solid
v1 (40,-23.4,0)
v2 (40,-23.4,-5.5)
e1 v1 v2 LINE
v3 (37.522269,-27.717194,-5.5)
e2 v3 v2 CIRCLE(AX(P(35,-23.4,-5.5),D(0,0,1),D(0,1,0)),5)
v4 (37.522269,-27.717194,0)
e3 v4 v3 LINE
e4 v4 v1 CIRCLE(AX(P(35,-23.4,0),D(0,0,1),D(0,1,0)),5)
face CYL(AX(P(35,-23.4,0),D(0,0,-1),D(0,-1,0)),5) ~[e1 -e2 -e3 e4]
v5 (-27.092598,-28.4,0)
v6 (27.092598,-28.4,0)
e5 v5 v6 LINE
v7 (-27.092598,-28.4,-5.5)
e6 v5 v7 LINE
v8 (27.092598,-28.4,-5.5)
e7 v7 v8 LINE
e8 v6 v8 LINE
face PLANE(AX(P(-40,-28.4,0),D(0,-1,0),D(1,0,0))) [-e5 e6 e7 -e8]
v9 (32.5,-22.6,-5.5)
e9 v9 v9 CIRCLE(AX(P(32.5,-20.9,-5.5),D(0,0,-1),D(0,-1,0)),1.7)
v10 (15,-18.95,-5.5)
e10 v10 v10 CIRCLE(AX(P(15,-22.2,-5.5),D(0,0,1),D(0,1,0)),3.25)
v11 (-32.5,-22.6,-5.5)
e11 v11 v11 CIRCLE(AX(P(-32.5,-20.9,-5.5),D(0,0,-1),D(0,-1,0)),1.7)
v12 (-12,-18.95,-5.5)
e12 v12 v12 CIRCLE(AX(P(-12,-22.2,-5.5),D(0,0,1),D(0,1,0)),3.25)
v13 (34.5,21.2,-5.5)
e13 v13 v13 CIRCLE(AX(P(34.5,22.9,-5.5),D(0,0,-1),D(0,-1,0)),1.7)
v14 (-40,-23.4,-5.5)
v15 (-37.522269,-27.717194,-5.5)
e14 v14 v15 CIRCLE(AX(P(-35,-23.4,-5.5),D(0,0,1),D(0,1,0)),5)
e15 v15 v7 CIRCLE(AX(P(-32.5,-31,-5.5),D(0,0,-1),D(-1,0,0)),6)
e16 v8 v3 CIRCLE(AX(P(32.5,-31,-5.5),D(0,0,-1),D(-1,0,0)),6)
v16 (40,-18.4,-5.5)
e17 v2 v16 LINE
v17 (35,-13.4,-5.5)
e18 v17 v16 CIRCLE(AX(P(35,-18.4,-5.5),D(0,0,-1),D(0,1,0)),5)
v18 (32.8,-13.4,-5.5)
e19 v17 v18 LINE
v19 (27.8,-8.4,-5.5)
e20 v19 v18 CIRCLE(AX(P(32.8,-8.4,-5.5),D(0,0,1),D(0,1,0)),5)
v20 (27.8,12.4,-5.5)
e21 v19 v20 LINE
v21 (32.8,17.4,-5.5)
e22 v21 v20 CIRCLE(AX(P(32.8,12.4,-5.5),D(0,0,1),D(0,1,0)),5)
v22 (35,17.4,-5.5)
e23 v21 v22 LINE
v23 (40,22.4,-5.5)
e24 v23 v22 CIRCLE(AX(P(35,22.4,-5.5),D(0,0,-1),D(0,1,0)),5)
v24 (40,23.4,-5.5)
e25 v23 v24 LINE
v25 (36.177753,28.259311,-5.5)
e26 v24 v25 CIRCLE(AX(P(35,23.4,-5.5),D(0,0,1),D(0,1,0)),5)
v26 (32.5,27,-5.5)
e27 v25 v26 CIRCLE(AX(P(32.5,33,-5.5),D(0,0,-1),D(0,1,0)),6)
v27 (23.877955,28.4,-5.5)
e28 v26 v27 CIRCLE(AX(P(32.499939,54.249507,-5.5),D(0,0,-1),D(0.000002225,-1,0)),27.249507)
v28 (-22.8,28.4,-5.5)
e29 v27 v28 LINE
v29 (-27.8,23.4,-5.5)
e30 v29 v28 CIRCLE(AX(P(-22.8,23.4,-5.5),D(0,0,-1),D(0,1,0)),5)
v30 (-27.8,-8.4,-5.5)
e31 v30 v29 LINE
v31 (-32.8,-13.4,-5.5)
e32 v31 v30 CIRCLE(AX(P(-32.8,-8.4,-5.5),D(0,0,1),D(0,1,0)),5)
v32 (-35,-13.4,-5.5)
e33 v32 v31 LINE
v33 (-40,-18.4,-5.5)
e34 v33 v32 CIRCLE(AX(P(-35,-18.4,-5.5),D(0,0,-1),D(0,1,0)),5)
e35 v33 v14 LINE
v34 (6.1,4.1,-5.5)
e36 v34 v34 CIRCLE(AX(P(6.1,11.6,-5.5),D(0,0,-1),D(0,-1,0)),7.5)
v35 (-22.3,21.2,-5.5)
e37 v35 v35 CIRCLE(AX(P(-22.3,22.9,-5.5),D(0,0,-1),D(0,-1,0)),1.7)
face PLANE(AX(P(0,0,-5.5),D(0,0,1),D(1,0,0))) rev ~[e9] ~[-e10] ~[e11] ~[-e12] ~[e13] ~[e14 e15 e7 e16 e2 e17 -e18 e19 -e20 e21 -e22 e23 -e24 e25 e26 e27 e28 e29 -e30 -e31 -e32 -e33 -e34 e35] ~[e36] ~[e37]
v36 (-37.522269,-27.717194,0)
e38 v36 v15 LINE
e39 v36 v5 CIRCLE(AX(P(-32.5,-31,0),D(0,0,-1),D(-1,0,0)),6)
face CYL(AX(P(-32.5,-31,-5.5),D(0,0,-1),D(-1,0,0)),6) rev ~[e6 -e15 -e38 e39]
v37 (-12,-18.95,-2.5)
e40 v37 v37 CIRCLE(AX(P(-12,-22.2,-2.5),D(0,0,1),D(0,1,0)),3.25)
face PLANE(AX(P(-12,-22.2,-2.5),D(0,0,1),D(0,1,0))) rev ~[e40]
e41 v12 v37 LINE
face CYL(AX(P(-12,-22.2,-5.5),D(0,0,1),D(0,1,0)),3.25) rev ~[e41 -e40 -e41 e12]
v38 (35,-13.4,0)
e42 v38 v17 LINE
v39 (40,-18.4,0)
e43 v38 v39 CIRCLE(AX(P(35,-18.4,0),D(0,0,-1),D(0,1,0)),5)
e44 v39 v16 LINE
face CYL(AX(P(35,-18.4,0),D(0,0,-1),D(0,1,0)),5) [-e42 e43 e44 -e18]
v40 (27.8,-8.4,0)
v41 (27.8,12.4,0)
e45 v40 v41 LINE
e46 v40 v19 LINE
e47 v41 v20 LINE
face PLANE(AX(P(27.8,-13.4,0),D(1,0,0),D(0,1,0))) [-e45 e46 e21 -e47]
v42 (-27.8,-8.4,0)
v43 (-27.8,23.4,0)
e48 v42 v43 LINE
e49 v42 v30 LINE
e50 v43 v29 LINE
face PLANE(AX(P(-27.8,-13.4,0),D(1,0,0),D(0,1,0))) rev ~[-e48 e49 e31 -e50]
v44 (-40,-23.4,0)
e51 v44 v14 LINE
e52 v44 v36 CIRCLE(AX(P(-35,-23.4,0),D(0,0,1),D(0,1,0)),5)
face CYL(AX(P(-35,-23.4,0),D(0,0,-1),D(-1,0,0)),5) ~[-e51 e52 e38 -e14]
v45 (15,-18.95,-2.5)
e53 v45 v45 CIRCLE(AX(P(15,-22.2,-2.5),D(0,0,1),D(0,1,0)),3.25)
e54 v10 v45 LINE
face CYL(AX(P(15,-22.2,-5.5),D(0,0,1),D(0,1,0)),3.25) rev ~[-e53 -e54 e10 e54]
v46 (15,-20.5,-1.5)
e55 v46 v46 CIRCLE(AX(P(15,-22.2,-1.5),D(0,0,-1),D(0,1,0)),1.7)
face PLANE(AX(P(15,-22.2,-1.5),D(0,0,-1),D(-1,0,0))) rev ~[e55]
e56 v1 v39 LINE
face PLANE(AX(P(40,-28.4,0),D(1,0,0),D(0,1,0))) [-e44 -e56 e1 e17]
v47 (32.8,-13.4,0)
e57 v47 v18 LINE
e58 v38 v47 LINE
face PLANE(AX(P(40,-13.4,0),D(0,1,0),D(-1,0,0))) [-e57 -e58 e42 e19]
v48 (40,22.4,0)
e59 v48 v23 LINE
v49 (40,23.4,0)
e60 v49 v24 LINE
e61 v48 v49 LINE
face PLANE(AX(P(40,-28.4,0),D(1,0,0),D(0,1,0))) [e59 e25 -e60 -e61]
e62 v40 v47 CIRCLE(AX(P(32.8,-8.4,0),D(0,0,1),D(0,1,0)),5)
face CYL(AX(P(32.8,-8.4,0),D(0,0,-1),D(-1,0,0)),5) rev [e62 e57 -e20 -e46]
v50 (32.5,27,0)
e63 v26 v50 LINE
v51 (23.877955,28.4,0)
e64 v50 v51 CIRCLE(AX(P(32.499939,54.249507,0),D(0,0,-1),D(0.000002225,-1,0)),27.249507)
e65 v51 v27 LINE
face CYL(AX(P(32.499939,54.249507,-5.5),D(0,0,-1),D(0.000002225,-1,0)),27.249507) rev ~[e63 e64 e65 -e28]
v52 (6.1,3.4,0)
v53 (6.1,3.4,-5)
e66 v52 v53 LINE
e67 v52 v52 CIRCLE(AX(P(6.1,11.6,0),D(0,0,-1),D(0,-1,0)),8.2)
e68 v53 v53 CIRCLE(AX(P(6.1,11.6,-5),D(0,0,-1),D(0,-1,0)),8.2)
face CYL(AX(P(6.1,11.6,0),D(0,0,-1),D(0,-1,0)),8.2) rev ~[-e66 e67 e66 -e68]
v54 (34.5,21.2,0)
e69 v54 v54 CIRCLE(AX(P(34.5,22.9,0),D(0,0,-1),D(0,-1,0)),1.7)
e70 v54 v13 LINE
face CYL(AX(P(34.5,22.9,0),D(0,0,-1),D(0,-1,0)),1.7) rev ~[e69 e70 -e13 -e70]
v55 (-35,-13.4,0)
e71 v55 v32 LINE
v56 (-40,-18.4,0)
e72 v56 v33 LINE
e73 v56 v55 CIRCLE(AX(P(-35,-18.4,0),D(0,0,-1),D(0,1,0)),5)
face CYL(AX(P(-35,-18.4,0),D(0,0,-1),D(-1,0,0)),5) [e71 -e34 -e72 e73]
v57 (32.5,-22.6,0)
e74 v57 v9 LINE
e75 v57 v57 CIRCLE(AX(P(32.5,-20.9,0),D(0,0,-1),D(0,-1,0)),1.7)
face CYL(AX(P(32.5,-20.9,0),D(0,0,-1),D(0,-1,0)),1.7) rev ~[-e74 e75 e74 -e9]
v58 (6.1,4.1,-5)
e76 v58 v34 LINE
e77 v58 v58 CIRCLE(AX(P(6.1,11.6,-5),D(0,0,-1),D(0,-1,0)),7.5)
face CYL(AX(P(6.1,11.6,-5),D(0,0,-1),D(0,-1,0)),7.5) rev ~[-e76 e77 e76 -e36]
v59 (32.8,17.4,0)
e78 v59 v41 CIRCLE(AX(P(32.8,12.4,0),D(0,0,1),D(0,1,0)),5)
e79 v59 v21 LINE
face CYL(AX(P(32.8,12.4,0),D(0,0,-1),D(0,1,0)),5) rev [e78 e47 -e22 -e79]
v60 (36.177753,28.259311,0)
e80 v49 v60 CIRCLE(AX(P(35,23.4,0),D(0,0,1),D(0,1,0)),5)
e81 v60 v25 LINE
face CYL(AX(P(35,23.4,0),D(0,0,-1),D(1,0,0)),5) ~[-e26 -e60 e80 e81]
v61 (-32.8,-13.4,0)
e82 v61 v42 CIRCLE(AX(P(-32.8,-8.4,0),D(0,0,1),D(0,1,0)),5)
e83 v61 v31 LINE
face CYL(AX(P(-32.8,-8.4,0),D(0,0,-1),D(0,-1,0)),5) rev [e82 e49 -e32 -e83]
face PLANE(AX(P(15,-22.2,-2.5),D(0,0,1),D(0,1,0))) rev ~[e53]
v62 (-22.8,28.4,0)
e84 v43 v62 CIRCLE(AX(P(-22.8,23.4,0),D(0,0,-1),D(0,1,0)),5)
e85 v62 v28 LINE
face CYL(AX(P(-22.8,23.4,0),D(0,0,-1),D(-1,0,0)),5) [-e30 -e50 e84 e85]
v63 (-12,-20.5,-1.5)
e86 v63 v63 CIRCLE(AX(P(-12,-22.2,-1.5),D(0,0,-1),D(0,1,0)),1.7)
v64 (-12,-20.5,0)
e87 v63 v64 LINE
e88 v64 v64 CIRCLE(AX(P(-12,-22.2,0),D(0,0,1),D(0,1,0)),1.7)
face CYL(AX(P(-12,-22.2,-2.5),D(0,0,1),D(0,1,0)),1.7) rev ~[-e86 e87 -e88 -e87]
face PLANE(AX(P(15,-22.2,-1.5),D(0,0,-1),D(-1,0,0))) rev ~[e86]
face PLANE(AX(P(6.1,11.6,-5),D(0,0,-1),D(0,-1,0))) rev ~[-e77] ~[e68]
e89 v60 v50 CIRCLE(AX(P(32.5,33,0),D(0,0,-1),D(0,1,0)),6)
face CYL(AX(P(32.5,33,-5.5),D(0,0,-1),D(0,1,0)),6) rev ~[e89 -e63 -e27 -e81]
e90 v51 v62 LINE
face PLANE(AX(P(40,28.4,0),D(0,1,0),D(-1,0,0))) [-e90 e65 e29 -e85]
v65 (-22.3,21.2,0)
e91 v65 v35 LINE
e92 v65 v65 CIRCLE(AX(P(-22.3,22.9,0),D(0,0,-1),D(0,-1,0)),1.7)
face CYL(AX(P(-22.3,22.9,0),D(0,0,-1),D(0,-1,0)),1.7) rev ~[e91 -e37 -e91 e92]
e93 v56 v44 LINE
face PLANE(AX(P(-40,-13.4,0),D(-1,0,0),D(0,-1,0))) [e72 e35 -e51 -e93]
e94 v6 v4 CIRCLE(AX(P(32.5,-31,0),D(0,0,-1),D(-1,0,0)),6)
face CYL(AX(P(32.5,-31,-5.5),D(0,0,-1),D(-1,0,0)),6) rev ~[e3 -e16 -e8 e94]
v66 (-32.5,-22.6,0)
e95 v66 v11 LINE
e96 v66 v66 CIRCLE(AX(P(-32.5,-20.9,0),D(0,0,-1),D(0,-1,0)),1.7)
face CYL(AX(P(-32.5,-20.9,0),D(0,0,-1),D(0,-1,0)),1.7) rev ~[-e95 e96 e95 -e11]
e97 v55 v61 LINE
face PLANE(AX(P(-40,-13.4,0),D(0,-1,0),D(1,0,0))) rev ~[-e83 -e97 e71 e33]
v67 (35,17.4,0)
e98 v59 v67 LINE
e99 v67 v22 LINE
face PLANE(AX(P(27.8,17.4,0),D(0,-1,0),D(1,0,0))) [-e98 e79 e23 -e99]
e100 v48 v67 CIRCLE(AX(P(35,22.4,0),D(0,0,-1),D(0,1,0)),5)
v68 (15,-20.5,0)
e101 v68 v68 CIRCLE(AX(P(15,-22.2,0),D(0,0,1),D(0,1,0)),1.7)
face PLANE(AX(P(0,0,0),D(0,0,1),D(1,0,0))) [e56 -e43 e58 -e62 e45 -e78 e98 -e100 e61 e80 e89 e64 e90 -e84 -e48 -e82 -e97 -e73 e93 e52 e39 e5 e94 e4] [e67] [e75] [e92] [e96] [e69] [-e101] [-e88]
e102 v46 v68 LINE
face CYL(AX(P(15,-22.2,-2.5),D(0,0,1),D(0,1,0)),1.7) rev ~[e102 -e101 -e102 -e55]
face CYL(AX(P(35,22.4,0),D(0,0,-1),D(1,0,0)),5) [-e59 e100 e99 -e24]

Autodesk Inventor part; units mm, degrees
ref_plane "YZ Plane" through (0, 0, 0) normal (1, 0, 0) x (0, 1, 0)
ref_plane "XZ Plane" through (0, 0, 0) normal (0, 1, 0) x (-1, 0, 0)
ref_plane "XY Plane" through (0, 0, 0) normal (0, 0, 1) x (1, 0, 0)
sketch "Sketch1" plane through (0, 0, 0) normal (0, 0, 1) x (1, 0, 0)
  line L0 (-40, -28.4) -> (40, -28.4)
  line L1 (40, -28.4) -> (40, 28.4)
  line L2 (40, 28.4) -> (-40, 28.4)
  line L3 (-40, 28.4) -> (-40, -28.4)
  line L4 (-40, -28.4) -> (40, 28.4) construction
  line L5 (40, -28.4) -> (-40, 28.4) construction
  line L6 (-32.5, -20.9) -> (32.5, -20.9) construction
  line L7 (32.5, -20.9) -> (32.5, 20.9) construction
  line L8 (32.5, 20.9) -> (-32.5, 20.9) construction
  line L9 (-32.5, 20.9) -> (-32.5, -20.9) construction
  line L10 (-32.5, -20.9) -> (32.5, 20.9) construction
  line L11 (32.5, -20.9) -> (-32.5, 20.9) construction
  circle A0 centre (-32.5, -20.9) radius 3.25 construction
  circle A1 centre (32.5, 20.9) radius 3.25 construction
  circle A2 centre (32.5, -20.9) radius 3.25 construction
  line L12 (-40, -13.4) -> (-27.8, -13.4)
  line L13 (-27.8, -13.4) -> (-27.8, 28.4)
  circle A3 centre (-20.3, 20.9) radius 3.25 construction
  line L14 (40, 28.4) -> (32.5, 20.9)
  line L15 (-27.8, 28.4) -> (-20.3, 20.9) construction
  point P0 (0, 0)
  point P1 (34.5, 22.9)
  point P2 (-22.3, 22.9)
  dimension "d0" = 80
  dimension "d1" = 56.8
  dimension "d2" = 41.8
  dimension "d3" = 65
  dimension "d4" = 6.5
  dimension "d5" = 6.5
  dimension "d6" = 6.5
  dimension "d8" = 7.5
  dimension "d9" = 7.5
  dimension "d10" = 7.5
  dimension "d11" = 12.2
  dimension "d12" = 6.5
  dimension "d13" = 7.5
  dimension "d61" = 5.5
  dimension "d62" = 5.5
extrude "Base" add sketch "Sketch1" against normal blind 5.5 contours L3 L12 L13 L2 L1 L0
hole "Mounting Holes" at (32.5, -20.9, 0) at (-32.5, -20.9, 0) at (34.5, 22.9, 0) at (-22.3, 22.9, 0) direction (0, 0, -1) diameter 3.4 end through all clearance for "Socket Head Cap Screw" size "M3" standard "Ansi Metric M Profile"
fillet "Fillet1" radius 5 6 edges at (-40, -28.4, -2.75) (-40, -13.4, -2.75) (-27.8, -13.4, -2.75) (-27.8, 28.4, -2.75) (40, 28.4, -2.75) (40, -28.4, -2.75)
sketch "Sketch2" plane through (0, 0, 0) normal (0, 0, 1) x (1, 0, 0)
  circle A0 centre (32.5, -20.9) radius 1.7 projected
  point P0 (0, 0)
  point P1 (6.1, -6.4)
  point P2 (6.1, 11.6)
  dimension "d24" = 6.1
  dimension "d26" = 18
  dimension "d63" = 14.5
hole "Bearing Bore" at (6.1, 11.6, 0) direction (0, 0, -1) diameter 15 end through all counterbore diameter 16.4 counterbore depth 5
sketch "Sketch8" plane through (0, 0, 0) normal (0, 0, 1) x (1, 0, 0)
  line L0 (27.8, 17.4) -> (40, 17.4)
  line L1 (40, 17.4) -> (40, -13.4)
  line L2 (40, -13.4) -> (27.8, -13.4)
  line L3 (27.8, -13.4) -> (27.8, 17.4)
  line L4 (27.8, 17.4) -> (40, -13.4) construction
  line L5 (40, 17.4) -> (27.8, -13.4) construction
  circle A0 centre (34.5, 22.9) radius 1.7 projected
  circle A1 centre (32.5, -20.9) radius 1.7 projected
  line L6 (40, -23.4) -> (40, 23.4) projected
  line L7 (-35, -28.4) -> (35, -28.4) projected
  point P0 (0, 0)
  point P1 (33.9, 2)
  dimension "d73" = 12.2
  dimension "d77" = 15
  dimension "d78" = 7.5
  dimension "d79" = 5.5
extrude "Clamp Clearance" cut sketch "Sketch8" against normal blind 10 contours L0 L1 L2 L3
fillet "Fillet3" radius 5 2 edges at (40, 17.4, -2.75) (40, -13.4, -2.75)
sketch "Sketch9" plane through (0, 0, -5.5) normal (0, 0, -1) x (-1, 0, 0)
  circle A0 centre (-34.5, 22.9) radius 1.7 projected
  arc A1 (-32.5, 33) -> (-22.5, 35.5) centre (-32.5, 54.25) ccw construction
  arc A2 (-32.5, 27) -> (-19.6765, 30.2059) centre (-32.5, 54.25) ccw
  arc A3 (-32.5, 39) -> (-25.3235, 40.7941) centre (-32.5, 54.25) ccw
  arc A4 (-32.5, 39) -> (-32.5, 27) centre (-32.5, 33) ccw
  arc A5 (-19.6765, 30.2059) -> (-25.3235, 40.7941) centre (-22.5, 35.5) ccw
  circle A6 centre (-32.5, -31) radius 6
  circle A7 centre (32.5, -31) radius 6
  circle A8 centre (-32.5, -20.9) radius 1.7 projected
  circle A9 centre (32.5, -20.9) radius 1.7 projected
  point P0 (0, 0)
  dimension "d80" = 2
  dimension "d81" = 10.1
  dimension "d82" = 6
  dimension "d83" = 10
  dimension "d84" = 2.5
  dimension "d85" = 15.25
  dimension "d86" = 10.1
  dimension "d87" = 10.1
  dimension "d88" = 12
extrude "Bolt Clearance" cut sketch "Sketch9" against normal blind 10 contours A4 A3 A5 A2 | A6 | A7
sketch "Sketch10" plane through (0, 0, -5.5) normal (0, 0, -1) x (-1, 0, 0)
  line L0 (-27.0926, -28.4) -> (27.0926, -28.4) projected
  circle A0 centre (-6.1, 11.6) radius 7.5 projected
  point P0 (0, 0)
  point P1 (-15, -22.2)
  point P2 (12, -22.2)
  dimension "d91" = 6.2
  dimension "d92" = 6.2
  dimension "d102" = 15
  dimension "d103" = 12
hole "Lower Block Holes" at (15, -22.2, -5.5) at (-12, -22.2, -5.5) direction (0, 0, 1) diameter 3.4 end through all counterbore diameter 6.5 counterbore depth 3 clearance for "Socket Head Cap Screw" size "M3" standard "Ansi Metric M Profile"
sketch "Sketch11" plane through (15, -22.2, -2.5) normal (0, 0, -1) x (-1, 0, 0)
  circle A0 centre (0, 0) radius 1.7 projected
  circle A1 centre (27, 0) radius 1.7 projected
  point P0 (15, 22.2)
extrude "Print Feature" add sketch "Sketch11" against normal blind 1
fillet "Fillet4" radius 5 2 edges at (27.8, -13.4, -2.75) (27.8, 17.4, -2.75)
equation "\"d13\" = d10"
properties part number "Extruder Mount Plate 2" material "ABS Plastic"
